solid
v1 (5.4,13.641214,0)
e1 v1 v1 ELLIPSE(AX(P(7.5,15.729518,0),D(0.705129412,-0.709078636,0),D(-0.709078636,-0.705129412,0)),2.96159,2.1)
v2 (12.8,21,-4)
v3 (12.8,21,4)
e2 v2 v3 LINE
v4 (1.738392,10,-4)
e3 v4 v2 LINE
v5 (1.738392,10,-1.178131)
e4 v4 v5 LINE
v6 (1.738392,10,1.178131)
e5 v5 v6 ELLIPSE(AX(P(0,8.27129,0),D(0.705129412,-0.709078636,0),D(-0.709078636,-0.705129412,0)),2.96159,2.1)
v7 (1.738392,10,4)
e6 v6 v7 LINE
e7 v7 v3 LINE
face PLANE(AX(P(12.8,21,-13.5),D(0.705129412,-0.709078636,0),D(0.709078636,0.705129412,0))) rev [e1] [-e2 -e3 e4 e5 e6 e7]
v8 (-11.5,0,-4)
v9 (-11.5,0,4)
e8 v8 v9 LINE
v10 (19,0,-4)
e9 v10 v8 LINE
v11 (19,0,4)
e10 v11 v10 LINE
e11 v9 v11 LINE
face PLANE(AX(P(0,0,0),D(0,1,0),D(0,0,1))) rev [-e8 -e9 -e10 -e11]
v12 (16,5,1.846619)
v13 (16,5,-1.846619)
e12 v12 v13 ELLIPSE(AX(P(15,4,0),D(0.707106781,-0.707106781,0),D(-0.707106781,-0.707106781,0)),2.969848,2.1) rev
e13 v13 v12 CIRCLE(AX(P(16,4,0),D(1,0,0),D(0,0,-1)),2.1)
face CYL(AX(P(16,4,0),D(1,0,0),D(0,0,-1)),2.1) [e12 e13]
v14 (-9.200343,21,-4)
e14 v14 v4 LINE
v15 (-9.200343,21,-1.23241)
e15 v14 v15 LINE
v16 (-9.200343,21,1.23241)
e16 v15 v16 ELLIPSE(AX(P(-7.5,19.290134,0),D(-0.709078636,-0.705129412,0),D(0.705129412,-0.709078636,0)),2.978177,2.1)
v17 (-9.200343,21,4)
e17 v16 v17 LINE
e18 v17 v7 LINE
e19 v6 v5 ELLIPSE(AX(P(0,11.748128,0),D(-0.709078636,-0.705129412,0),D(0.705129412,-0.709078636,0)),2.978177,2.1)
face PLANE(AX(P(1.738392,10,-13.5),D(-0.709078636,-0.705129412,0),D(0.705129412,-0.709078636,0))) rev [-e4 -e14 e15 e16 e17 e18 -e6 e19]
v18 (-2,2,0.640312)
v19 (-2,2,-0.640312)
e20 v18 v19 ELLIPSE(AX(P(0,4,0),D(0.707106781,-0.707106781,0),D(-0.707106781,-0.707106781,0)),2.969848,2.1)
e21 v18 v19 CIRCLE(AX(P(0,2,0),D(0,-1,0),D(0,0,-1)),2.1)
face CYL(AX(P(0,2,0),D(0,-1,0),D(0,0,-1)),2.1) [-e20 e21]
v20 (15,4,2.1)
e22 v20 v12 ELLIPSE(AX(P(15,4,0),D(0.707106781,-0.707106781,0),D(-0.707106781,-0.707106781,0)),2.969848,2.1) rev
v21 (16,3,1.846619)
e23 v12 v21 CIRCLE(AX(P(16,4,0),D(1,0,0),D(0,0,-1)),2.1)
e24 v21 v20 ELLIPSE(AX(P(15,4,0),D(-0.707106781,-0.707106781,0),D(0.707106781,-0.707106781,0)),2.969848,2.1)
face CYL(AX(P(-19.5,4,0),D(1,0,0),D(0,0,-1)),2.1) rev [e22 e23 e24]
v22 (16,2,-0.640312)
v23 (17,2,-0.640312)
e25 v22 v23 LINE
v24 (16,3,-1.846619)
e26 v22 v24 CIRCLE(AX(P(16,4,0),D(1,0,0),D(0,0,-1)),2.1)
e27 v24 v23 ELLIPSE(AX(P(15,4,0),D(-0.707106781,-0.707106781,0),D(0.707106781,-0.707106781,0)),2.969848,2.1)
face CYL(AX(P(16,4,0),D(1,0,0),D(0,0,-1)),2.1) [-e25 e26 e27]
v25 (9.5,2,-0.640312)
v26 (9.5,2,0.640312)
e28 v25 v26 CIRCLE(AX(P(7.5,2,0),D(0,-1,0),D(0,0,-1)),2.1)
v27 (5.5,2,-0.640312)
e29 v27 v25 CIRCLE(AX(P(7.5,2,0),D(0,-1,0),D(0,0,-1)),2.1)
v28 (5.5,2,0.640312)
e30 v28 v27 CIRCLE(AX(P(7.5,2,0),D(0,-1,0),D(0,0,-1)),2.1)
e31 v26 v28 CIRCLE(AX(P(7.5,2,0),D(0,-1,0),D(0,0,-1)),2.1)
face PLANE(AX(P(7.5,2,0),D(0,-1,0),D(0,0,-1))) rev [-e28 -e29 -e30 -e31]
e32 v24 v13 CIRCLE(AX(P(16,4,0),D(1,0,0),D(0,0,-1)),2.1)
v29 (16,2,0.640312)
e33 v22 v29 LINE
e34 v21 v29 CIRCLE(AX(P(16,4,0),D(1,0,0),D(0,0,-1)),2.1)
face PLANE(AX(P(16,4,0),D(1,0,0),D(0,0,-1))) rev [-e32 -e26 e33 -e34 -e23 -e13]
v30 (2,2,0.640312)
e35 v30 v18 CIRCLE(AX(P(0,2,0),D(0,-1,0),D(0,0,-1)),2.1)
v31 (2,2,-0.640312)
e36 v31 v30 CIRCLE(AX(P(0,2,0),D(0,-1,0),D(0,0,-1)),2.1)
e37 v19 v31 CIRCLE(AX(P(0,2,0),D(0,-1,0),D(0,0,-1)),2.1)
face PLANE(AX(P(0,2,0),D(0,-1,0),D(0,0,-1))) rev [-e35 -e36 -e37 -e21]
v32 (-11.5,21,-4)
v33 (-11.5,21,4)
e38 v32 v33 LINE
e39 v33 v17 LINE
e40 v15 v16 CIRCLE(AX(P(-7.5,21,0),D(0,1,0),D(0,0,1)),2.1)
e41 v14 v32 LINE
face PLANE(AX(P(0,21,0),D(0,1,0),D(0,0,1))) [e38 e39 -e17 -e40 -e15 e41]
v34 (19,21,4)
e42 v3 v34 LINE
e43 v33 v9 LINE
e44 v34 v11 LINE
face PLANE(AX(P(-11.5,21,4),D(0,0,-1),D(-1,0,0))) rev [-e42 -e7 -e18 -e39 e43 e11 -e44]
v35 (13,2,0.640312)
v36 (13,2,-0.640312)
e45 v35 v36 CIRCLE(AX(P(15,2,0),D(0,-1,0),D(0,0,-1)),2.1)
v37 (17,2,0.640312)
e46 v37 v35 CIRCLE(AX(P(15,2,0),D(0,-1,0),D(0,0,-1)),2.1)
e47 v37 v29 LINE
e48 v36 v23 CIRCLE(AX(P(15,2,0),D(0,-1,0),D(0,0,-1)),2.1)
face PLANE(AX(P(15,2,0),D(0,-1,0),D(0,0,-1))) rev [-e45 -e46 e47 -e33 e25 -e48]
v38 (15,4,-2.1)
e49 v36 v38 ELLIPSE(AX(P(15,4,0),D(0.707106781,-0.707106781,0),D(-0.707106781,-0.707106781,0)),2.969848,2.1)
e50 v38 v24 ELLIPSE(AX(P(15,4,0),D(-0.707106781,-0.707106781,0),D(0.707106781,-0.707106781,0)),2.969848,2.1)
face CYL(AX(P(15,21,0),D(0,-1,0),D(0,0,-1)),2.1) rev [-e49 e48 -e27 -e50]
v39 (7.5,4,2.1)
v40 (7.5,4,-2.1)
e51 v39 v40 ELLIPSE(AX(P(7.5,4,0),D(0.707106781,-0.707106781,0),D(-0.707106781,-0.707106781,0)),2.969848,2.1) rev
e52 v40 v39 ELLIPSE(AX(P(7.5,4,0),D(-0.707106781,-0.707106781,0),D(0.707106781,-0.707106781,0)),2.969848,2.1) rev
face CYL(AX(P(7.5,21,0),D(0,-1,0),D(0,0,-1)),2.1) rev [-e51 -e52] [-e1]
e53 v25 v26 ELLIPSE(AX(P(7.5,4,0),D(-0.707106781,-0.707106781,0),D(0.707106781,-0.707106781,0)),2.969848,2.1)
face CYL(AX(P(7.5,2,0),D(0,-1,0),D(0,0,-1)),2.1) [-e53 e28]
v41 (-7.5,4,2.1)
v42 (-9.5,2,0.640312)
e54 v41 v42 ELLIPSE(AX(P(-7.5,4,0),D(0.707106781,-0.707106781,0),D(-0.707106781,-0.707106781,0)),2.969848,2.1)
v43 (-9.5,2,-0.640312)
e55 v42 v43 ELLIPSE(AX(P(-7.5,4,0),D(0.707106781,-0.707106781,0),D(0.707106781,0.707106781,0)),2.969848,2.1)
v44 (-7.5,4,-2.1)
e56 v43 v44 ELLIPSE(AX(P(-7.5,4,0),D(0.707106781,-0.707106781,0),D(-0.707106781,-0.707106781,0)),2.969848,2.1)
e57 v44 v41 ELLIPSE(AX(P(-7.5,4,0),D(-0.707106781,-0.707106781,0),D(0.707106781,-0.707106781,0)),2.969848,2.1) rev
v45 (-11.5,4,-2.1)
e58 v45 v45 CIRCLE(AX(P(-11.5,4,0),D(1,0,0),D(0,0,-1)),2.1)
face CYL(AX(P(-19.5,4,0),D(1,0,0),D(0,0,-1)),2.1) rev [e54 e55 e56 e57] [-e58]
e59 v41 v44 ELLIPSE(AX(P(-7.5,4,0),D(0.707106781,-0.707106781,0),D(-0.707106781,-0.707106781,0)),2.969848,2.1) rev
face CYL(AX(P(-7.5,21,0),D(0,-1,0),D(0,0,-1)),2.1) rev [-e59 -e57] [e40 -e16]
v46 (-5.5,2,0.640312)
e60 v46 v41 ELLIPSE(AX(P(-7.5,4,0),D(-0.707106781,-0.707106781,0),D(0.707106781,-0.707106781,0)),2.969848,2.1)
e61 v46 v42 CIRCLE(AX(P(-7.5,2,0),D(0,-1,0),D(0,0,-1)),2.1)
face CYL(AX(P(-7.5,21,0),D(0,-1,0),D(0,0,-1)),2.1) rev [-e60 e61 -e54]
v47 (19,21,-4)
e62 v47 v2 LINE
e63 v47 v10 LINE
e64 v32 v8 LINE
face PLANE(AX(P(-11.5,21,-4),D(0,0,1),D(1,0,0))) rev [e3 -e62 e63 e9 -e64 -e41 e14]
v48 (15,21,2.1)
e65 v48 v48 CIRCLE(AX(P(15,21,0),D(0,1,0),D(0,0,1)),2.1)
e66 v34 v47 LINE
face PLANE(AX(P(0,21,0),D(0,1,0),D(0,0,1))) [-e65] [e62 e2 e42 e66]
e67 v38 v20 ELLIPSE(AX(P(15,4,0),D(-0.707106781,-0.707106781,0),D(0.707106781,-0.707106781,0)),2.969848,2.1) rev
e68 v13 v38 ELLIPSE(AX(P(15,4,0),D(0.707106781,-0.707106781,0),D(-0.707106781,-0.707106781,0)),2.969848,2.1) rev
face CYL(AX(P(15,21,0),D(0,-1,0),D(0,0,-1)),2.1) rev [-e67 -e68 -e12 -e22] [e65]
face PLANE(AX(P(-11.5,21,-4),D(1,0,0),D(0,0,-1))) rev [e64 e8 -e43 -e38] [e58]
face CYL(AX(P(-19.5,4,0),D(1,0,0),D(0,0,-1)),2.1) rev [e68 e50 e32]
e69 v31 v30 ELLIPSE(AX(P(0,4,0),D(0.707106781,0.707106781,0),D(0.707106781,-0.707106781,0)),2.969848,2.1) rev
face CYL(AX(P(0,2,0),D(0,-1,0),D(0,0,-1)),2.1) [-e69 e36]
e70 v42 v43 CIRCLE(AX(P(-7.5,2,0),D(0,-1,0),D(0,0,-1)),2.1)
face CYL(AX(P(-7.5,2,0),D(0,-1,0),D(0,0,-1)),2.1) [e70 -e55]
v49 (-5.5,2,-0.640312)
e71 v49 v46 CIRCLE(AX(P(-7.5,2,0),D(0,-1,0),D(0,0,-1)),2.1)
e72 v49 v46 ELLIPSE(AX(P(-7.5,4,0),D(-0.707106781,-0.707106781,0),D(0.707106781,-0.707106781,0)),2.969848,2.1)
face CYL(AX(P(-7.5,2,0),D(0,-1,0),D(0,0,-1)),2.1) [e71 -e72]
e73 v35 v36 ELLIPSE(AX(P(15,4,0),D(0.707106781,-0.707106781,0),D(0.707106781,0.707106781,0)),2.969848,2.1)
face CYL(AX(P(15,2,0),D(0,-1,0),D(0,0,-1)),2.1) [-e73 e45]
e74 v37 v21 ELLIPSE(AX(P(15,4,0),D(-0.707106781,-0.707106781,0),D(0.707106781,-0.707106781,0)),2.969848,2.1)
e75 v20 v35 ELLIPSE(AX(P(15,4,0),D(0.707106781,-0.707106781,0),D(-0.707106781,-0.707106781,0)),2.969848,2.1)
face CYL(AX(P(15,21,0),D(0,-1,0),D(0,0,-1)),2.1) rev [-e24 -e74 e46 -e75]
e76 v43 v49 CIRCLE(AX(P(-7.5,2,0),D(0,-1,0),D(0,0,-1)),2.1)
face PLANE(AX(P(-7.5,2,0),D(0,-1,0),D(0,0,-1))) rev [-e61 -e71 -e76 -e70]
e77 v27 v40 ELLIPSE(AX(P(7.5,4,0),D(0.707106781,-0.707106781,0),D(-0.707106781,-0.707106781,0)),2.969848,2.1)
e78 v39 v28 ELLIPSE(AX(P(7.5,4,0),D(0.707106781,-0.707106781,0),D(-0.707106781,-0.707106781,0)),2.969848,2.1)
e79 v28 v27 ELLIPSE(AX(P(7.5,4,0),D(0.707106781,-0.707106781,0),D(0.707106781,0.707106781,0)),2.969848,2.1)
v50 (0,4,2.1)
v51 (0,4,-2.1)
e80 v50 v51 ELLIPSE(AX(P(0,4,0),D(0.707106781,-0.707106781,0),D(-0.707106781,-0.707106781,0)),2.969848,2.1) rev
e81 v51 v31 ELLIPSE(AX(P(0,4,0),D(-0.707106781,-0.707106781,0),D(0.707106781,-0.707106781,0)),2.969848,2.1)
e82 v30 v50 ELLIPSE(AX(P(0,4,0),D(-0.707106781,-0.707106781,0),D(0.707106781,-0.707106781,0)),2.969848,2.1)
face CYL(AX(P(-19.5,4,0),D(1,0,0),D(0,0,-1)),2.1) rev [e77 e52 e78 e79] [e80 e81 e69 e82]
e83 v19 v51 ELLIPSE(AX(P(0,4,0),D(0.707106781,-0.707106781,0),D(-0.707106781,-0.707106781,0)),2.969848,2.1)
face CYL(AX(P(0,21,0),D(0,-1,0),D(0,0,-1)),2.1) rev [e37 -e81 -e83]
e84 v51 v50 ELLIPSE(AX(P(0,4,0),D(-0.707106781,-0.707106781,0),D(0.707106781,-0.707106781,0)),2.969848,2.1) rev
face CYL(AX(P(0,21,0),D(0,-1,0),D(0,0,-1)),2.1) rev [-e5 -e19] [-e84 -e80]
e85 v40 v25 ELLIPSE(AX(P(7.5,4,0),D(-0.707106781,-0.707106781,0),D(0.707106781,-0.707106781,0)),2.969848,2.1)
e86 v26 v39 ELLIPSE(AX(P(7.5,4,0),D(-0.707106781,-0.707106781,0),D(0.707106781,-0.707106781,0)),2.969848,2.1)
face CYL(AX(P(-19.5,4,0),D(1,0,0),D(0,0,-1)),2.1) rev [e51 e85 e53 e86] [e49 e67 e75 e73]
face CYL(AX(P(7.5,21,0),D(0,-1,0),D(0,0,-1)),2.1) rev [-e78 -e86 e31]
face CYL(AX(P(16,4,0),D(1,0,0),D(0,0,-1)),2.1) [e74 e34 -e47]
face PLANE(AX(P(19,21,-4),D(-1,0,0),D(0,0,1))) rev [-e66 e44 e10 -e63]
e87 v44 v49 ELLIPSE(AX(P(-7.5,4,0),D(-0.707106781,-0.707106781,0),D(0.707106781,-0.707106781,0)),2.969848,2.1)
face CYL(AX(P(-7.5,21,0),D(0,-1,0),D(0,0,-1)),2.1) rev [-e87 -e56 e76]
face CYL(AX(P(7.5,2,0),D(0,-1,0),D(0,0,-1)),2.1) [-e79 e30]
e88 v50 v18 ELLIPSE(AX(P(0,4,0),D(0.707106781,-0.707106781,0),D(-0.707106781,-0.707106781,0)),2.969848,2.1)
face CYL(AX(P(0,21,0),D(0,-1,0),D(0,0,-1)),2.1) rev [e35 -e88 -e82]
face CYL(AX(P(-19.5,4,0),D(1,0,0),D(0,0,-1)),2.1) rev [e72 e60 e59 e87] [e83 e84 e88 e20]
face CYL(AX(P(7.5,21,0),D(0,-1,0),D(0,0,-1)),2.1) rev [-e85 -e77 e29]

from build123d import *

# Parameters (mm, degrees)
SKETCH1_W           = 30.5
SKETCH1_H           = 8
SKETCH1_R           = 2.1
BOSS_EXTRUDE1_DEPTH = 21
CUT_EXTRUDE1_DEPTH  = 17.5
SKETCH4_R           = 2.1
CUT_EXTRUDE3_DEPTH  = 38.5
SKETCH6_R           = 2.1
BOSS_EXTRUDE3_DEPTH = 2
SKETCH7_R           = 2.1
BOSS_EXTRUDE4_DEPTH = 3


with BuildPart() as part:
    # Sketch1 → Boss-Extrude1 (new body)
    with BuildSketch(Plane(origin=(0, 0, 0), x_dir=(1, 0, 0), z_dir=(0, 1, 0))):
        with Locations((3.75, 0)):
            Rectangle(SKETCH1_W, SKETCH1_H)
        with Locations(Location((0, 0, 0), (0, 0, 90))):
            Circle(SKETCH1_R, mode=Mode.SUBTRACT)
        with Locations(Location((-7.5, 0, 0), (0, 0, 90))):
            Circle(SKETCH1_R, mode=Mode.SUBTRACT)
        with Locations(Location((7.5, 0, 0), (0, 0, 90))):
            Circle(SKETCH1_R, mode=Mode.SUBTRACT)
        with Locations(Location((15, 0, 0), (0, 0, 90))):
            Circle(SKETCH1_R, mode=Mode.SUBTRACT)
    extrude(amount=BOSS_EXTRUDE1_DEPTH)

    # Sketch2 → Cut-Extrude1 (cut)
    with BuildSketch(Plane.XY.offset(4)):
        Polygon((12.8, 21), (1.738392209, 10), (-9.200343126, 21), align=None)
    extrude(amount=-CUT_EXTRUDE1_DEPTH, mode=Mode.SUBTRACT)

    # Sketch4 → Cut-Extrude3 (cut)
    with BuildSketch(Plane(origin=(19, 0, 0), x_dir=(0, 0, -1), z_dir=(1, 0, 0))):
        with Locations((0, 4)):
            Circle(SKETCH4_R)
    extrude(amount=-CUT_EXTRUDE3_DEPTH, mode=Mode.SUBTRACT)

    # Sketch6 → Boss-Extrude3 (add)
    with BuildSketch(Plane.XZ):
        with Locations(Location((-7.5, 0, 0), (0, 0, 270))):
            Circle(SKETCH6_R)
        with Locations(Location((0, 0, 0), (0, 0, 270))):
            Circle(SKETCH6_R)
        with Locations(Location((7.5, 0, 0), (0, 0, 270))):
            Circle(SKETCH6_R)
        with Locations(Location((15, 0, 0), (0, 0, 90))):
            Circle(SKETCH6_R)
    extrude(amount=-BOSS_EXTRUDE3_DEPTH)

    # Sketch7 → Boss-Extrude4 (add)
    with BuildSketch(Plane(origin=(19, 0, 0), x_dir=(0, 0, -1), z_dir=(1, 0, 0))):
        with Locations((0, 4)):
            Circle(SKETCH7_R)
    extrude(amount=-BOSS_EXTRUDE4_DEPTH)


solid = part.part
